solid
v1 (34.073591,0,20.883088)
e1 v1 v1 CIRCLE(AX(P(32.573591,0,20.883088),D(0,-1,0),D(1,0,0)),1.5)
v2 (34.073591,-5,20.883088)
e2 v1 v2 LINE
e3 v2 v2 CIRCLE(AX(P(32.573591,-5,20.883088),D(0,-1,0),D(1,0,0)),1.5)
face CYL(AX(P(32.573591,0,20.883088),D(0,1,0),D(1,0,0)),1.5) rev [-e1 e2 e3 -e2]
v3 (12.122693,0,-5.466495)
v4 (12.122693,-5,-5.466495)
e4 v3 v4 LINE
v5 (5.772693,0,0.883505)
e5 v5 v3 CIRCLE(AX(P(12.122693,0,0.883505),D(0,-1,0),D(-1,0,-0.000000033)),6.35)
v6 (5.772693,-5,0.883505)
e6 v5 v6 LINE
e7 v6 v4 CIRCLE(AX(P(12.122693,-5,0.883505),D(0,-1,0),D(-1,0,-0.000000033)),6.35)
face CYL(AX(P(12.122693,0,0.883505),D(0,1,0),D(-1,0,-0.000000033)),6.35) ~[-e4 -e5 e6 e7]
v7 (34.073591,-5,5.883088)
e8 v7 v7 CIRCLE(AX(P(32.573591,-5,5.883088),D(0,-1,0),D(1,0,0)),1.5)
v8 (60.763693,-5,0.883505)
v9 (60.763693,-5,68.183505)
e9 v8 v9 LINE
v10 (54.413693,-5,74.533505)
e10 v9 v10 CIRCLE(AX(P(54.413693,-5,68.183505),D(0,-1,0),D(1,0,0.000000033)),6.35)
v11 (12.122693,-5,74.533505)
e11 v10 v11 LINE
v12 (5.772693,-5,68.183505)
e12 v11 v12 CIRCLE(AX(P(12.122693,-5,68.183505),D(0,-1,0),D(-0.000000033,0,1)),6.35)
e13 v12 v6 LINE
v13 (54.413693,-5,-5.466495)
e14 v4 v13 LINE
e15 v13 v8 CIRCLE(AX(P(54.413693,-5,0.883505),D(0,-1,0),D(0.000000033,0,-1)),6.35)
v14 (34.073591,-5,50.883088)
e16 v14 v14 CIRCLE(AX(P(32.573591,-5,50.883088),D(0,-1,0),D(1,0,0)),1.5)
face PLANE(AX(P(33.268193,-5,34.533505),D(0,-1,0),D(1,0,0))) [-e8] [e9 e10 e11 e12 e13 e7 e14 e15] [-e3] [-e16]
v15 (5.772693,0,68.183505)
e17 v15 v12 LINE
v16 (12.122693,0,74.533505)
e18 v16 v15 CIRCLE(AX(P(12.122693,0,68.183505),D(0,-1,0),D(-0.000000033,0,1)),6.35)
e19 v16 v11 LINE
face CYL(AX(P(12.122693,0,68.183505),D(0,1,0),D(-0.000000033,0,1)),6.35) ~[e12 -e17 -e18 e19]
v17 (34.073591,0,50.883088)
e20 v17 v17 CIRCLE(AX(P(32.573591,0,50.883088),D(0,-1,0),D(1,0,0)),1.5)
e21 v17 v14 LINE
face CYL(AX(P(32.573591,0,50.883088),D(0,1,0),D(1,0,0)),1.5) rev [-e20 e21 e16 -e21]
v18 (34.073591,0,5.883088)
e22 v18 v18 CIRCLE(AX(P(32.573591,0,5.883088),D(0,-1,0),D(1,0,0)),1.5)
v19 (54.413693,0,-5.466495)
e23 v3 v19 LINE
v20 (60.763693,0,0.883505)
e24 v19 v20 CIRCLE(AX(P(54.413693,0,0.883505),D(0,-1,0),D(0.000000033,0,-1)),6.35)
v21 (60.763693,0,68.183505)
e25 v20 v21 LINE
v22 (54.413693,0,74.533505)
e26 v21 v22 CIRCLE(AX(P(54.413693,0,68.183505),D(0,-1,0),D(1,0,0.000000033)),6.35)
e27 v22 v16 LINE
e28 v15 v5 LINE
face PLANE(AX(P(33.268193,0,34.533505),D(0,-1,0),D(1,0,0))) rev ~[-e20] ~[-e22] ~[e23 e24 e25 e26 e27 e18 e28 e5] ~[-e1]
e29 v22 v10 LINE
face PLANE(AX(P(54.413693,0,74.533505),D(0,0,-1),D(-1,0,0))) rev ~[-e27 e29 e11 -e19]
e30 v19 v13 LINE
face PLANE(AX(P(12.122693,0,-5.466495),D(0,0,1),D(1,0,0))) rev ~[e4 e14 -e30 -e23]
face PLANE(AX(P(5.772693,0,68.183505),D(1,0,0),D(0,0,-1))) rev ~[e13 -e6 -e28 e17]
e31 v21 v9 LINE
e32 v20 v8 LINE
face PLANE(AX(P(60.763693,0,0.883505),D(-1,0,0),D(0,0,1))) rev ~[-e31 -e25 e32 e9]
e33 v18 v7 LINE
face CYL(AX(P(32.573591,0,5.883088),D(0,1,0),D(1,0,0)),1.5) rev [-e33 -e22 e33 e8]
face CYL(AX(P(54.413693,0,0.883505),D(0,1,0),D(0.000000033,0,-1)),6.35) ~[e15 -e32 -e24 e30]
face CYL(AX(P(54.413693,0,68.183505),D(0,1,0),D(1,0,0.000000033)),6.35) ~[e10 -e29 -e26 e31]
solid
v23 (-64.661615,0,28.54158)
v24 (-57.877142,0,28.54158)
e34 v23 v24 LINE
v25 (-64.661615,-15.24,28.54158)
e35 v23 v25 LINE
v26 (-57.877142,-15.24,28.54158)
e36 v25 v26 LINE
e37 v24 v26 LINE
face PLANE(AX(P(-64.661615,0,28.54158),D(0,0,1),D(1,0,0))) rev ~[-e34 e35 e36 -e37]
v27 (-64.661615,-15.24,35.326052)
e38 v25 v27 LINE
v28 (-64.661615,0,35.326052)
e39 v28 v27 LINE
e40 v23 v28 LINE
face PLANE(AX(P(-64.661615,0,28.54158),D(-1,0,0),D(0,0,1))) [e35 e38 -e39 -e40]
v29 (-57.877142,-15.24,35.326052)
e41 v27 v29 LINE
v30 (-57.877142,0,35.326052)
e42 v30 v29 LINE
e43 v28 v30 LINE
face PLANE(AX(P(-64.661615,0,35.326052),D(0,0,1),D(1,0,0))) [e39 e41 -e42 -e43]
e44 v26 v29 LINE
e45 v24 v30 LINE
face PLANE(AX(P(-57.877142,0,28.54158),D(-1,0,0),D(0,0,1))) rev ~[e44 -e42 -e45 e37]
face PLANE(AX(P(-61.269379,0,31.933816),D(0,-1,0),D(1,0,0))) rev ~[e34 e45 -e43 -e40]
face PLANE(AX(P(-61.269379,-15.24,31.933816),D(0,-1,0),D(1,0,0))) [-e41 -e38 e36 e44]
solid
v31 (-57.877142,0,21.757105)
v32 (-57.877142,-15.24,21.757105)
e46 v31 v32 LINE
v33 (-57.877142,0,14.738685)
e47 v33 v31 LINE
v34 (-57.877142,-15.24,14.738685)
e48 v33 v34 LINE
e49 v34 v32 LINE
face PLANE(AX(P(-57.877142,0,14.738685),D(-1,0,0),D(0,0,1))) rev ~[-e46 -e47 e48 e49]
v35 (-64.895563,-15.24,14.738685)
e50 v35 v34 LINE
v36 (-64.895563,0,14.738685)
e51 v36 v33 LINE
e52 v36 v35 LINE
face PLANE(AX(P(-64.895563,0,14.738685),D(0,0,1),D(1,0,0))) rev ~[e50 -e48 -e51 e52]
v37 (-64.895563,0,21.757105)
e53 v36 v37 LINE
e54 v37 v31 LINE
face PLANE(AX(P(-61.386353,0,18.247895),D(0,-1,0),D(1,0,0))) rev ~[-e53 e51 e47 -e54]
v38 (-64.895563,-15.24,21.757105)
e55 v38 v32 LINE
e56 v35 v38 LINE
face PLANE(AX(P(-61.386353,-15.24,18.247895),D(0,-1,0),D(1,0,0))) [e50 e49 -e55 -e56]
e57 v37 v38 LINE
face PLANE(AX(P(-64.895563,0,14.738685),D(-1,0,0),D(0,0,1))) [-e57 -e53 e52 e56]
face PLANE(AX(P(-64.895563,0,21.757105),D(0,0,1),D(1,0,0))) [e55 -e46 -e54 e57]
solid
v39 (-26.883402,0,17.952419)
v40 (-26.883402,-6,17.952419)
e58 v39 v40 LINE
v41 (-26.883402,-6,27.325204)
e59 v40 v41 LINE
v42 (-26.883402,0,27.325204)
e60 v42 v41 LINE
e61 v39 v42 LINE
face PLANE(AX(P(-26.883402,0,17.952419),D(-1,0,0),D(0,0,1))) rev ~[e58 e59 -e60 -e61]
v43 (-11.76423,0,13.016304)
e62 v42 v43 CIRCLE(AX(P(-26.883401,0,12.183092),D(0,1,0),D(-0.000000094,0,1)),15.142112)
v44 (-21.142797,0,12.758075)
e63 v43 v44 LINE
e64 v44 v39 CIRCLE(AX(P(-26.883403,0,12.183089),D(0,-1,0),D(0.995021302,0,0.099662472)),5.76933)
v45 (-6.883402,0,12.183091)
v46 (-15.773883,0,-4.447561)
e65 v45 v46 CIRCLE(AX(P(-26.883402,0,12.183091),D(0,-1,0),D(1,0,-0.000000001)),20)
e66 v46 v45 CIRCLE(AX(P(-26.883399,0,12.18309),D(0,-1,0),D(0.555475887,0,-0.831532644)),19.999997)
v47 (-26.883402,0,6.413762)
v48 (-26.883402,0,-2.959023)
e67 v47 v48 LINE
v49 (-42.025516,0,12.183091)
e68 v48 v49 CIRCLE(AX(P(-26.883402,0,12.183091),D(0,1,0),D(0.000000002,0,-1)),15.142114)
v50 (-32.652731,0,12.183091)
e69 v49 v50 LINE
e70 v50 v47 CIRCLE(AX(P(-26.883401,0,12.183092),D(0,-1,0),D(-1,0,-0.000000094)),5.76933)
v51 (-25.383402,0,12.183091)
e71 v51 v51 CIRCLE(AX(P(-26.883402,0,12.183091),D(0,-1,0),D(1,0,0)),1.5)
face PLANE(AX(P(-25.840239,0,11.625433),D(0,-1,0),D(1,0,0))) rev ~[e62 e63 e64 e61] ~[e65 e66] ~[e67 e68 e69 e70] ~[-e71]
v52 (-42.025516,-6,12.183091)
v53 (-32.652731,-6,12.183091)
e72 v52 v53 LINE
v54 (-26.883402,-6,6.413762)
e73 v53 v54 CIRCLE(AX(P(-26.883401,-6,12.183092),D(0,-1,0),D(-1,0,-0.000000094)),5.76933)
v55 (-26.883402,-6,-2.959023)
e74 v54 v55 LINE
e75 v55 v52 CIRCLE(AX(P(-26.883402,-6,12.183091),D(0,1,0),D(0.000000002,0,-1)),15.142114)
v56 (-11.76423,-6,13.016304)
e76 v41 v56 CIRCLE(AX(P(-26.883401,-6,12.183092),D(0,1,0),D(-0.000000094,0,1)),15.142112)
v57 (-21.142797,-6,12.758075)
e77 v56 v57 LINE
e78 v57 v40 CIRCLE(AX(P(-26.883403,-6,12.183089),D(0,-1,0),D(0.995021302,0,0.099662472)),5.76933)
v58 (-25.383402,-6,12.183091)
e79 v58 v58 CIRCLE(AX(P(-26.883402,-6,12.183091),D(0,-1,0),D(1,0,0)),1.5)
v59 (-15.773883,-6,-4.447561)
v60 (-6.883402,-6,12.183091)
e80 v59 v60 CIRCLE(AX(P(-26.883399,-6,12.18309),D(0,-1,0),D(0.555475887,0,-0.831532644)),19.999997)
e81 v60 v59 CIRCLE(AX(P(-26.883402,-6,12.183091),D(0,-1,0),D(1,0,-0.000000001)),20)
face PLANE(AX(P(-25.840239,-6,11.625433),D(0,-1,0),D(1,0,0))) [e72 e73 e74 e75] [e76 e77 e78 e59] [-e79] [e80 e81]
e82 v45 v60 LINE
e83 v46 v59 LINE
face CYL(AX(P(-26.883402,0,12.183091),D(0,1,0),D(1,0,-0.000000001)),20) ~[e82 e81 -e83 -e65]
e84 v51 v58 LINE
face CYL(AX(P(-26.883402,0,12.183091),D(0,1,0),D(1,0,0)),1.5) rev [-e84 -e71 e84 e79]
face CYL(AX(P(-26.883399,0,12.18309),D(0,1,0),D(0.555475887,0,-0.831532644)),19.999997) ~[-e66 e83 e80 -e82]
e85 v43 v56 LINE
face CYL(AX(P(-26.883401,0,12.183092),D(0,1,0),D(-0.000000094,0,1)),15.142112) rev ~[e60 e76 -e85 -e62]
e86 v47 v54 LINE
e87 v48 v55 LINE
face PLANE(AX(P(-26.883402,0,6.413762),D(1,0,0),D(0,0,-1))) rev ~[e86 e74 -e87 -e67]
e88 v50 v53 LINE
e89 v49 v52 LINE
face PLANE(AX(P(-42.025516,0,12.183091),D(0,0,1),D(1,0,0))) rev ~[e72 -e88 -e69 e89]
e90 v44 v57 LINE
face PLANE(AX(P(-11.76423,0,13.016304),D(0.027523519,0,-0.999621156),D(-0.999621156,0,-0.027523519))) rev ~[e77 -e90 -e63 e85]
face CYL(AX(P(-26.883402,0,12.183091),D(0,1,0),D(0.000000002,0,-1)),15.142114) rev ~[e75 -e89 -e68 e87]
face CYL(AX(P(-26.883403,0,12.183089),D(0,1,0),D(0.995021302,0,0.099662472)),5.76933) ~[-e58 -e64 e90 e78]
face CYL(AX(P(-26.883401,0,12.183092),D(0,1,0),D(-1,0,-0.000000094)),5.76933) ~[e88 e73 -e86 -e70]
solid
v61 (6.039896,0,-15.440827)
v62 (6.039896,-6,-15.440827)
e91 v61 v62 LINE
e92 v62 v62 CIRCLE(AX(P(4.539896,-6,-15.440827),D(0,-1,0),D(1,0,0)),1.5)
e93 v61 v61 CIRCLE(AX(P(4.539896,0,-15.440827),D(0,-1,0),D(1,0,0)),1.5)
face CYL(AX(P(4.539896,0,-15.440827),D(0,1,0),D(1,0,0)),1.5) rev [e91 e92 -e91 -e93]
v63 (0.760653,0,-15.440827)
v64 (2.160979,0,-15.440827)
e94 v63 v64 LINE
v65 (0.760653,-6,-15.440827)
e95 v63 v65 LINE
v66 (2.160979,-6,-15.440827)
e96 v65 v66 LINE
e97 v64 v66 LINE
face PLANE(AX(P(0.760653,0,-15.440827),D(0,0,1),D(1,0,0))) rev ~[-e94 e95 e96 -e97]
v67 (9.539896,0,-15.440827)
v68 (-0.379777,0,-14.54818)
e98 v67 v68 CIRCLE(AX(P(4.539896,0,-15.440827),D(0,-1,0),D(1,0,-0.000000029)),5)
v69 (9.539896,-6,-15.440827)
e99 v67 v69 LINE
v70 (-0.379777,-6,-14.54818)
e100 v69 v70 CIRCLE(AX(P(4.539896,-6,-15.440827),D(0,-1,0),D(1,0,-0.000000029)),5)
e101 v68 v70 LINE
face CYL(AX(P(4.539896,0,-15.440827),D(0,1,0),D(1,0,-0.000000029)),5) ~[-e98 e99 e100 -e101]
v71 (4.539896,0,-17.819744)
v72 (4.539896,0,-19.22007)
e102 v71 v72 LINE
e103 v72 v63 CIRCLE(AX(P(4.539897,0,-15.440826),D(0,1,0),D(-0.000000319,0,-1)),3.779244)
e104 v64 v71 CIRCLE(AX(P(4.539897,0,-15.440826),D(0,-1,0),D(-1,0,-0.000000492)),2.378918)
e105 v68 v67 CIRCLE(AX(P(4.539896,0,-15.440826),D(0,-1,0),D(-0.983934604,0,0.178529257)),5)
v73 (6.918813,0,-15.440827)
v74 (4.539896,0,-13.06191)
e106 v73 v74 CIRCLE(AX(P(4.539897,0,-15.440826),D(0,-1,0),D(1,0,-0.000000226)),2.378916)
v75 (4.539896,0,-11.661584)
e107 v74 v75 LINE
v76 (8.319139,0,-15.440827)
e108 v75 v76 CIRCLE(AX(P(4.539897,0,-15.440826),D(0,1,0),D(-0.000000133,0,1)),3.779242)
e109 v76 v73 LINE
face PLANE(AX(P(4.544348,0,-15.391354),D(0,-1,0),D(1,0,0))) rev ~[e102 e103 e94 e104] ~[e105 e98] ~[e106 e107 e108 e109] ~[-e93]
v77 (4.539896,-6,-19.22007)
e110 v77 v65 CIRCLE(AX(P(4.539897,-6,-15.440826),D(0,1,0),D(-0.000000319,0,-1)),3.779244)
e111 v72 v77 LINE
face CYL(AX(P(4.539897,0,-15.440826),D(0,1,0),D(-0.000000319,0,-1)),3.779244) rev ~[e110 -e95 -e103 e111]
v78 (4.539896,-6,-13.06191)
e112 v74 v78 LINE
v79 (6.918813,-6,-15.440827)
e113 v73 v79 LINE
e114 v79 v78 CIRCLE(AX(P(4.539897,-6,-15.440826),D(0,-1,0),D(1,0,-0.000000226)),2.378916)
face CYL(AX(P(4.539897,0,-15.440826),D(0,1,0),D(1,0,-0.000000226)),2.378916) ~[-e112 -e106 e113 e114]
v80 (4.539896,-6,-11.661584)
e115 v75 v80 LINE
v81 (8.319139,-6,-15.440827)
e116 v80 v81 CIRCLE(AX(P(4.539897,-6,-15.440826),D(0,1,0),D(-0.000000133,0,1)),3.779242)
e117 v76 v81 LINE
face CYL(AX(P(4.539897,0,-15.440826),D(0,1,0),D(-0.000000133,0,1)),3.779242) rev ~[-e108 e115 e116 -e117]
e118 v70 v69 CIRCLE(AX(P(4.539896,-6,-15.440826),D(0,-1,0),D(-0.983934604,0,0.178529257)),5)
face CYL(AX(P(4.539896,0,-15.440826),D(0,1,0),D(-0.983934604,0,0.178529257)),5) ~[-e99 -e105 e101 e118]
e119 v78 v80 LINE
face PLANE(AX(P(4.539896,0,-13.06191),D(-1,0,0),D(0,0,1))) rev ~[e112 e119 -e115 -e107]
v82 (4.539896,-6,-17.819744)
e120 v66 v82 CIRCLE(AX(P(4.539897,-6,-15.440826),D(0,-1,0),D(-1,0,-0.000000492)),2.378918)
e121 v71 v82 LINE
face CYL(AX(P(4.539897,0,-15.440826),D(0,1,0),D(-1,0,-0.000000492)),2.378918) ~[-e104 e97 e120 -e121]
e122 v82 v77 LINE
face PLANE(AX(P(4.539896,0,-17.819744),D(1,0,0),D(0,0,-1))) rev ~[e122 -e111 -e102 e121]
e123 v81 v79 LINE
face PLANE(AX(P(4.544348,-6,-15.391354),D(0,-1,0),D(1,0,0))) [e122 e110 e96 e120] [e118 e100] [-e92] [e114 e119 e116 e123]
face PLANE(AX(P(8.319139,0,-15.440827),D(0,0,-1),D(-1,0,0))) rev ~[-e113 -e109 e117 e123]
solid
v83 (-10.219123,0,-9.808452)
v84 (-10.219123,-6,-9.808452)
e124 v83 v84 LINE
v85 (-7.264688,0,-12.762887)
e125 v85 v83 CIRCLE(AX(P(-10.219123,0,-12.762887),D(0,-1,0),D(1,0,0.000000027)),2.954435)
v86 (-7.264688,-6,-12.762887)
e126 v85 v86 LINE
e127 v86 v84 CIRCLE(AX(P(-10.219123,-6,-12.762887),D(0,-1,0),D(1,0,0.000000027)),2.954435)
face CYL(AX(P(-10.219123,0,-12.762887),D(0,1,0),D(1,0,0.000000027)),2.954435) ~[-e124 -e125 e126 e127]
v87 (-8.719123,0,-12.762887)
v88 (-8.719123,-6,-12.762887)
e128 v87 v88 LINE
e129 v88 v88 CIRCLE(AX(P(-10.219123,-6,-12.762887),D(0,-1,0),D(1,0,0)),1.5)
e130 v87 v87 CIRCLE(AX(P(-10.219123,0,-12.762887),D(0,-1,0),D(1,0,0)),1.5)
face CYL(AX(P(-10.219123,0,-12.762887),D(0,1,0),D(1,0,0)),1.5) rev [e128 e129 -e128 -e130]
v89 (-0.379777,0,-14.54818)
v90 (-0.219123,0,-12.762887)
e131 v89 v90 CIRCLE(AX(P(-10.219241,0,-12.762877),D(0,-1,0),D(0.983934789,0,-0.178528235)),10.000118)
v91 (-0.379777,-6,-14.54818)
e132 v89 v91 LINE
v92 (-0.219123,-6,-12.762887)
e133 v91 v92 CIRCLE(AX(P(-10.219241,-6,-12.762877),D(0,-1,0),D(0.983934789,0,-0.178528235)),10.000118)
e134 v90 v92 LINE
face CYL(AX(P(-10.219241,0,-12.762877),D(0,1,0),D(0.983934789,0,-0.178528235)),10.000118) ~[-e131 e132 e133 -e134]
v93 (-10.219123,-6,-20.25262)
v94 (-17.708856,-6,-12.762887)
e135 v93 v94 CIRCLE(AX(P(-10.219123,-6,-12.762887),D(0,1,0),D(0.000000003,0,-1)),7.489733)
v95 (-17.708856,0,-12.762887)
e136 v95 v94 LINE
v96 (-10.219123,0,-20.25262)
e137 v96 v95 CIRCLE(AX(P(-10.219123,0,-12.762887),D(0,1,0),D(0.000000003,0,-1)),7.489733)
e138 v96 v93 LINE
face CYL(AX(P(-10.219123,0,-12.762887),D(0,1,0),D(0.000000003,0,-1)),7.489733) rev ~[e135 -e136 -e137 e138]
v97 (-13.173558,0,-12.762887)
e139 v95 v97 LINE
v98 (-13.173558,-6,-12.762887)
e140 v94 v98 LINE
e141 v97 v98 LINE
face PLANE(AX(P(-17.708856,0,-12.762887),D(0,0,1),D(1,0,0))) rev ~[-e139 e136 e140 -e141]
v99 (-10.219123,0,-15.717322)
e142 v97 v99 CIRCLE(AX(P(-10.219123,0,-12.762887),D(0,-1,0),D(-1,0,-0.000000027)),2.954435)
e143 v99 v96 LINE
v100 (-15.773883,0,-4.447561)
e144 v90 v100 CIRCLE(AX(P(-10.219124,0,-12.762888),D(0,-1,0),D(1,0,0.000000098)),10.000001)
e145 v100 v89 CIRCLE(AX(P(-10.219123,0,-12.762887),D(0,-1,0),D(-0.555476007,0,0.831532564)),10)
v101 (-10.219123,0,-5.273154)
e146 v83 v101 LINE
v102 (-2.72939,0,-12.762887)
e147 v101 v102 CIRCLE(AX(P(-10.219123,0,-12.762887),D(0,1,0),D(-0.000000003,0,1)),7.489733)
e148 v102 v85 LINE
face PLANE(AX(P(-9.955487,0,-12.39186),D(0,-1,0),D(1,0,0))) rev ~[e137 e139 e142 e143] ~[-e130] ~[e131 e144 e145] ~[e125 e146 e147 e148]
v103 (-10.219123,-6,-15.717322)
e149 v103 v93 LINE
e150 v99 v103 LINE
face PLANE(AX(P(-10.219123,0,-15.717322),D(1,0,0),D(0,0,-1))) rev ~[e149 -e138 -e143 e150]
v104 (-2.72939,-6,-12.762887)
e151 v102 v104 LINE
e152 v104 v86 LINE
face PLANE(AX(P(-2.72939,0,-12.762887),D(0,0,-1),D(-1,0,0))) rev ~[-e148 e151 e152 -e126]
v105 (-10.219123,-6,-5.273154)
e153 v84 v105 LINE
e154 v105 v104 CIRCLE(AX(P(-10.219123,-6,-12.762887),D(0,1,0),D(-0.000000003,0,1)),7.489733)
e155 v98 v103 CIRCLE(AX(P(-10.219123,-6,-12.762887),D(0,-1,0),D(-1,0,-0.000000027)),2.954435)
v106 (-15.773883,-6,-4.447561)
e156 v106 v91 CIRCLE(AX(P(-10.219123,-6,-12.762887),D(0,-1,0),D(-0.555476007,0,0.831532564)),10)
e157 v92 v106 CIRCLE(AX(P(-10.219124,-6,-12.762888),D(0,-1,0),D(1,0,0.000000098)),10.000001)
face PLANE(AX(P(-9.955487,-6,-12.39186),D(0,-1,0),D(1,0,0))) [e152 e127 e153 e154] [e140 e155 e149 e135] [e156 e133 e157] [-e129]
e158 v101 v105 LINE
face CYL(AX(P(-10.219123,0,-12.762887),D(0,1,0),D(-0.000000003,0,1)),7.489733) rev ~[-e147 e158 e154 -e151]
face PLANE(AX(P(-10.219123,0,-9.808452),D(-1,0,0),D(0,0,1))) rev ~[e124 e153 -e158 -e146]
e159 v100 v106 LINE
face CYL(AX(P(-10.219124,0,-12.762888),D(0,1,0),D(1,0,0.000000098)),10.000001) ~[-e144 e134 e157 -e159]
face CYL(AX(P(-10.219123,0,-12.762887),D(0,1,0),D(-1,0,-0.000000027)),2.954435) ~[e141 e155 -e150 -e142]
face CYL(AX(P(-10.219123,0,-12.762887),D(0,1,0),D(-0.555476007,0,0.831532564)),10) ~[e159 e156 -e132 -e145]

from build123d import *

# Parameters (mm, degrees)
F0_R     = 1.5
F1_DEPTH = 6
F2_R     = 1.5
F3_DEPTH = 5
F4_W     = 7.018421
F4_H     = 7.01842
F4_W_2   = 6.784473
F4_H_2   = 6.784472
F5_DEPTH = 15.24


with BuildPart() as f1:
    # F0 (on Front) → F1 (new body)
    with BuildSketch(Plane.XZ):
        with BuildLine():
            ThreePointArc((-15.773883, -4.447561), (-9.245511, 2.754156), (-6.883402, 12.183091))
            ThreePointArc((-6.883402, 12.183091), (-44.521293, 21.612025), (-15.773883, -4.447561))
        make_face()
        with BuildLine():
            Line((-42.025516, 12.183091), (-32.652731, 12.183091))
            ThreePointArc((-32.652731, 12.183091), (-30.962933, 8.103559), (-26.883402, 6.413762))
            Line((-26.883402, 6.413762), (-26.883402, -2.959023))
            ThreePointArc((-26.883402, -2.959023), (-37.590493, 1.475999), (-42.025516, 12.183091))
        make_face(mode=Mode.SUBTRACT)
        with Locations((-26.883402, 12.183091)):
            Circle(F0_R, mode=Mode.SUBTRACT)
        with BuildLine():
            Line((-26.883402, 17.952419), (-26.883402, 27.325204))
            ThreePointArc((-26.883402, 27.325204), (-16.475064, 23.180823), (-11.76423, 13.016304))
            Line((-11.76423, 13.016304), (-21.142797, 12.758075))
            ThreePointArc((-21.142797, 12.758075), (-23.012493, 16.461082), (-26.883402, 17.952419))
        make_face(mode=Mode.SUBTRACT)
        with BuildLine():
            ThreePointArc((-0.219123, -12.762887), (-5.504656, -3.943942), (-15.773883, -4.447561))
            ThreePointArc((-15.773883, -4.447561), (-15.705018, -21.123805), (-0.379777, -14.54818))
            ThreePointArc((-0.379777, -14.54818), (-0.259368, -13.659141), (-0.219123, -12.762887))
        make_face()
        with BuildLine():
            Line((-17.708856, -12.762887), (-13.173558, -12.762887))
            ThreePointArc((-13.173558, -12.762887), (-12.308224, -14.851988), (-10.219123, -15.717322))
            Line((-10.219123, -15.717322), (-10.219123, -20.25262))
            ThreePointArc((-10.219123, -20.25262), (-15.515164, -18.058928), (-17.708856, -12.762887))
        make_face(mode=Mode.SUBTRACT)
        with Locations((-10.219123, -12.762887)):
            Circle(F0_R, mode=Mode.SUBTRACT)
        with BuildLine():
            ThreePointArc((-7.264688, -12.762887), (-8.130022, -10.673786), (-10.219123, -9.808452))
            Line((-10.219123, -9.808452), (-10.219123, -5.273154))
            ThreePointArc((-10.219123, -5.273154), (-4.923082, -7.466846), (-2.72939, -12.762887))
            Line((-2.72939, -12.762887), (-7.264688, -12.762887))
        make_face(mode=Mode.SUBTRACT)
        with BuildLine():
            ThreePointArc((9.539896, -15.440827), (4.988022, -10.460949), (-0.379777, -14.54818))
            ThreePointArc((-0.379777, -14.54818), (4.091769, -20.420704), (9.539896, -15.440827))
        make_face()
        with BuildLine():
            Line((0.760653, -15.440827), (2.160979, -15.440827))
            ThreePointArc((2.160979, -15.440827), (2.857748, -17.122975), (4.539896, -17.819744))
            Line((4.539896, -17.819744), (4.539896, -19.22007))
            ThreePointArc((4.539896, -19.22007), (1.867568, -18.113155), (0.760653, -15.440827))
        make_face(mode=Mode.SUBTRACT)
        with Locations((4.539896, -15.440827)):
            Circle(F0_R, mode=Mode.SUBTRACT)
        with BuildLine():
            Line((4.539896, -13.06191), (4.539896, -11.661584))
            ThreePointArc((4.539896, -11.661584), (7.212224, -12.768498), (8.319139, -15.440827))
            Line((8.319139, -15.440827), (6.918813, -15.440827))
            ThreePointArc((6.918813, -15.440827), (6.222044, -13.758678), (4.539896, -13.06191))
        make_face(mode=Mode.SUBTRACT)
    extrude(amount=F1_DEPTH)


with BuildPart() as f3:
    # F2 (on Front) → F3 (new body)
    with BuildSketch(Plane.XZ):
        with BuildLine():
            Line((54.413693, 74.533505), (12.122693, 74.533505))
            ThreePointArc((12.122693, 74.533505), (7.632565, 72.673633), (5.772693, 68.183505))
            Line((5.772693, 68.183505), (5.772693, 0.883505))
            ThreePointArc((5.772693, 0.883505), (7.632565, -3.606623), (12.122693, -5.466495))
            Line((12.122693, -5.466495), (54.413693, -5.466495))
            ThreePointArc((54.413693, -5.466495), (58.903821, -3.606623), (60.763693, 0.883505))
            Line((60.763693, 0.883505), (60.763693, 30.880905))
            Line((60.763693, 30.880905), (60.763693, 68.183505))
            ThreePointArc((60.763693, 68.183505), (58.903821, 72.673633), (54.413693, 74.533505))
        make_face()
        with Locations((32.573591, 5.883088)):
            Circle(F2_R, mode=Mode.SUBTRACT)
        with Locations((32.573591, 20.883088)):
            Circle(F2_R, mode=Mode.SUBTRACT)
        with Locations((32.573591, 50.883088)):
            Circle(F2_R, mode=Mode.SUBTRACT)
    extrude(amount=F3_DEPTH)


with BuildPart() as f5:
    # F4 (on Front) → F5 (new body)
    with BuildSketch(Plane.XZ):
        with Locations((-61.386353, 18.247895)):
            Rectangle(F4_W, F4_H)
        with Locations((-61.269379, 31.933816)):
            Rectangle(F4_W_2, F4_H_2)
    extrude(amount=F5_DEPTH)


solid = Compound([f1.part, f3.part, f5.part])
